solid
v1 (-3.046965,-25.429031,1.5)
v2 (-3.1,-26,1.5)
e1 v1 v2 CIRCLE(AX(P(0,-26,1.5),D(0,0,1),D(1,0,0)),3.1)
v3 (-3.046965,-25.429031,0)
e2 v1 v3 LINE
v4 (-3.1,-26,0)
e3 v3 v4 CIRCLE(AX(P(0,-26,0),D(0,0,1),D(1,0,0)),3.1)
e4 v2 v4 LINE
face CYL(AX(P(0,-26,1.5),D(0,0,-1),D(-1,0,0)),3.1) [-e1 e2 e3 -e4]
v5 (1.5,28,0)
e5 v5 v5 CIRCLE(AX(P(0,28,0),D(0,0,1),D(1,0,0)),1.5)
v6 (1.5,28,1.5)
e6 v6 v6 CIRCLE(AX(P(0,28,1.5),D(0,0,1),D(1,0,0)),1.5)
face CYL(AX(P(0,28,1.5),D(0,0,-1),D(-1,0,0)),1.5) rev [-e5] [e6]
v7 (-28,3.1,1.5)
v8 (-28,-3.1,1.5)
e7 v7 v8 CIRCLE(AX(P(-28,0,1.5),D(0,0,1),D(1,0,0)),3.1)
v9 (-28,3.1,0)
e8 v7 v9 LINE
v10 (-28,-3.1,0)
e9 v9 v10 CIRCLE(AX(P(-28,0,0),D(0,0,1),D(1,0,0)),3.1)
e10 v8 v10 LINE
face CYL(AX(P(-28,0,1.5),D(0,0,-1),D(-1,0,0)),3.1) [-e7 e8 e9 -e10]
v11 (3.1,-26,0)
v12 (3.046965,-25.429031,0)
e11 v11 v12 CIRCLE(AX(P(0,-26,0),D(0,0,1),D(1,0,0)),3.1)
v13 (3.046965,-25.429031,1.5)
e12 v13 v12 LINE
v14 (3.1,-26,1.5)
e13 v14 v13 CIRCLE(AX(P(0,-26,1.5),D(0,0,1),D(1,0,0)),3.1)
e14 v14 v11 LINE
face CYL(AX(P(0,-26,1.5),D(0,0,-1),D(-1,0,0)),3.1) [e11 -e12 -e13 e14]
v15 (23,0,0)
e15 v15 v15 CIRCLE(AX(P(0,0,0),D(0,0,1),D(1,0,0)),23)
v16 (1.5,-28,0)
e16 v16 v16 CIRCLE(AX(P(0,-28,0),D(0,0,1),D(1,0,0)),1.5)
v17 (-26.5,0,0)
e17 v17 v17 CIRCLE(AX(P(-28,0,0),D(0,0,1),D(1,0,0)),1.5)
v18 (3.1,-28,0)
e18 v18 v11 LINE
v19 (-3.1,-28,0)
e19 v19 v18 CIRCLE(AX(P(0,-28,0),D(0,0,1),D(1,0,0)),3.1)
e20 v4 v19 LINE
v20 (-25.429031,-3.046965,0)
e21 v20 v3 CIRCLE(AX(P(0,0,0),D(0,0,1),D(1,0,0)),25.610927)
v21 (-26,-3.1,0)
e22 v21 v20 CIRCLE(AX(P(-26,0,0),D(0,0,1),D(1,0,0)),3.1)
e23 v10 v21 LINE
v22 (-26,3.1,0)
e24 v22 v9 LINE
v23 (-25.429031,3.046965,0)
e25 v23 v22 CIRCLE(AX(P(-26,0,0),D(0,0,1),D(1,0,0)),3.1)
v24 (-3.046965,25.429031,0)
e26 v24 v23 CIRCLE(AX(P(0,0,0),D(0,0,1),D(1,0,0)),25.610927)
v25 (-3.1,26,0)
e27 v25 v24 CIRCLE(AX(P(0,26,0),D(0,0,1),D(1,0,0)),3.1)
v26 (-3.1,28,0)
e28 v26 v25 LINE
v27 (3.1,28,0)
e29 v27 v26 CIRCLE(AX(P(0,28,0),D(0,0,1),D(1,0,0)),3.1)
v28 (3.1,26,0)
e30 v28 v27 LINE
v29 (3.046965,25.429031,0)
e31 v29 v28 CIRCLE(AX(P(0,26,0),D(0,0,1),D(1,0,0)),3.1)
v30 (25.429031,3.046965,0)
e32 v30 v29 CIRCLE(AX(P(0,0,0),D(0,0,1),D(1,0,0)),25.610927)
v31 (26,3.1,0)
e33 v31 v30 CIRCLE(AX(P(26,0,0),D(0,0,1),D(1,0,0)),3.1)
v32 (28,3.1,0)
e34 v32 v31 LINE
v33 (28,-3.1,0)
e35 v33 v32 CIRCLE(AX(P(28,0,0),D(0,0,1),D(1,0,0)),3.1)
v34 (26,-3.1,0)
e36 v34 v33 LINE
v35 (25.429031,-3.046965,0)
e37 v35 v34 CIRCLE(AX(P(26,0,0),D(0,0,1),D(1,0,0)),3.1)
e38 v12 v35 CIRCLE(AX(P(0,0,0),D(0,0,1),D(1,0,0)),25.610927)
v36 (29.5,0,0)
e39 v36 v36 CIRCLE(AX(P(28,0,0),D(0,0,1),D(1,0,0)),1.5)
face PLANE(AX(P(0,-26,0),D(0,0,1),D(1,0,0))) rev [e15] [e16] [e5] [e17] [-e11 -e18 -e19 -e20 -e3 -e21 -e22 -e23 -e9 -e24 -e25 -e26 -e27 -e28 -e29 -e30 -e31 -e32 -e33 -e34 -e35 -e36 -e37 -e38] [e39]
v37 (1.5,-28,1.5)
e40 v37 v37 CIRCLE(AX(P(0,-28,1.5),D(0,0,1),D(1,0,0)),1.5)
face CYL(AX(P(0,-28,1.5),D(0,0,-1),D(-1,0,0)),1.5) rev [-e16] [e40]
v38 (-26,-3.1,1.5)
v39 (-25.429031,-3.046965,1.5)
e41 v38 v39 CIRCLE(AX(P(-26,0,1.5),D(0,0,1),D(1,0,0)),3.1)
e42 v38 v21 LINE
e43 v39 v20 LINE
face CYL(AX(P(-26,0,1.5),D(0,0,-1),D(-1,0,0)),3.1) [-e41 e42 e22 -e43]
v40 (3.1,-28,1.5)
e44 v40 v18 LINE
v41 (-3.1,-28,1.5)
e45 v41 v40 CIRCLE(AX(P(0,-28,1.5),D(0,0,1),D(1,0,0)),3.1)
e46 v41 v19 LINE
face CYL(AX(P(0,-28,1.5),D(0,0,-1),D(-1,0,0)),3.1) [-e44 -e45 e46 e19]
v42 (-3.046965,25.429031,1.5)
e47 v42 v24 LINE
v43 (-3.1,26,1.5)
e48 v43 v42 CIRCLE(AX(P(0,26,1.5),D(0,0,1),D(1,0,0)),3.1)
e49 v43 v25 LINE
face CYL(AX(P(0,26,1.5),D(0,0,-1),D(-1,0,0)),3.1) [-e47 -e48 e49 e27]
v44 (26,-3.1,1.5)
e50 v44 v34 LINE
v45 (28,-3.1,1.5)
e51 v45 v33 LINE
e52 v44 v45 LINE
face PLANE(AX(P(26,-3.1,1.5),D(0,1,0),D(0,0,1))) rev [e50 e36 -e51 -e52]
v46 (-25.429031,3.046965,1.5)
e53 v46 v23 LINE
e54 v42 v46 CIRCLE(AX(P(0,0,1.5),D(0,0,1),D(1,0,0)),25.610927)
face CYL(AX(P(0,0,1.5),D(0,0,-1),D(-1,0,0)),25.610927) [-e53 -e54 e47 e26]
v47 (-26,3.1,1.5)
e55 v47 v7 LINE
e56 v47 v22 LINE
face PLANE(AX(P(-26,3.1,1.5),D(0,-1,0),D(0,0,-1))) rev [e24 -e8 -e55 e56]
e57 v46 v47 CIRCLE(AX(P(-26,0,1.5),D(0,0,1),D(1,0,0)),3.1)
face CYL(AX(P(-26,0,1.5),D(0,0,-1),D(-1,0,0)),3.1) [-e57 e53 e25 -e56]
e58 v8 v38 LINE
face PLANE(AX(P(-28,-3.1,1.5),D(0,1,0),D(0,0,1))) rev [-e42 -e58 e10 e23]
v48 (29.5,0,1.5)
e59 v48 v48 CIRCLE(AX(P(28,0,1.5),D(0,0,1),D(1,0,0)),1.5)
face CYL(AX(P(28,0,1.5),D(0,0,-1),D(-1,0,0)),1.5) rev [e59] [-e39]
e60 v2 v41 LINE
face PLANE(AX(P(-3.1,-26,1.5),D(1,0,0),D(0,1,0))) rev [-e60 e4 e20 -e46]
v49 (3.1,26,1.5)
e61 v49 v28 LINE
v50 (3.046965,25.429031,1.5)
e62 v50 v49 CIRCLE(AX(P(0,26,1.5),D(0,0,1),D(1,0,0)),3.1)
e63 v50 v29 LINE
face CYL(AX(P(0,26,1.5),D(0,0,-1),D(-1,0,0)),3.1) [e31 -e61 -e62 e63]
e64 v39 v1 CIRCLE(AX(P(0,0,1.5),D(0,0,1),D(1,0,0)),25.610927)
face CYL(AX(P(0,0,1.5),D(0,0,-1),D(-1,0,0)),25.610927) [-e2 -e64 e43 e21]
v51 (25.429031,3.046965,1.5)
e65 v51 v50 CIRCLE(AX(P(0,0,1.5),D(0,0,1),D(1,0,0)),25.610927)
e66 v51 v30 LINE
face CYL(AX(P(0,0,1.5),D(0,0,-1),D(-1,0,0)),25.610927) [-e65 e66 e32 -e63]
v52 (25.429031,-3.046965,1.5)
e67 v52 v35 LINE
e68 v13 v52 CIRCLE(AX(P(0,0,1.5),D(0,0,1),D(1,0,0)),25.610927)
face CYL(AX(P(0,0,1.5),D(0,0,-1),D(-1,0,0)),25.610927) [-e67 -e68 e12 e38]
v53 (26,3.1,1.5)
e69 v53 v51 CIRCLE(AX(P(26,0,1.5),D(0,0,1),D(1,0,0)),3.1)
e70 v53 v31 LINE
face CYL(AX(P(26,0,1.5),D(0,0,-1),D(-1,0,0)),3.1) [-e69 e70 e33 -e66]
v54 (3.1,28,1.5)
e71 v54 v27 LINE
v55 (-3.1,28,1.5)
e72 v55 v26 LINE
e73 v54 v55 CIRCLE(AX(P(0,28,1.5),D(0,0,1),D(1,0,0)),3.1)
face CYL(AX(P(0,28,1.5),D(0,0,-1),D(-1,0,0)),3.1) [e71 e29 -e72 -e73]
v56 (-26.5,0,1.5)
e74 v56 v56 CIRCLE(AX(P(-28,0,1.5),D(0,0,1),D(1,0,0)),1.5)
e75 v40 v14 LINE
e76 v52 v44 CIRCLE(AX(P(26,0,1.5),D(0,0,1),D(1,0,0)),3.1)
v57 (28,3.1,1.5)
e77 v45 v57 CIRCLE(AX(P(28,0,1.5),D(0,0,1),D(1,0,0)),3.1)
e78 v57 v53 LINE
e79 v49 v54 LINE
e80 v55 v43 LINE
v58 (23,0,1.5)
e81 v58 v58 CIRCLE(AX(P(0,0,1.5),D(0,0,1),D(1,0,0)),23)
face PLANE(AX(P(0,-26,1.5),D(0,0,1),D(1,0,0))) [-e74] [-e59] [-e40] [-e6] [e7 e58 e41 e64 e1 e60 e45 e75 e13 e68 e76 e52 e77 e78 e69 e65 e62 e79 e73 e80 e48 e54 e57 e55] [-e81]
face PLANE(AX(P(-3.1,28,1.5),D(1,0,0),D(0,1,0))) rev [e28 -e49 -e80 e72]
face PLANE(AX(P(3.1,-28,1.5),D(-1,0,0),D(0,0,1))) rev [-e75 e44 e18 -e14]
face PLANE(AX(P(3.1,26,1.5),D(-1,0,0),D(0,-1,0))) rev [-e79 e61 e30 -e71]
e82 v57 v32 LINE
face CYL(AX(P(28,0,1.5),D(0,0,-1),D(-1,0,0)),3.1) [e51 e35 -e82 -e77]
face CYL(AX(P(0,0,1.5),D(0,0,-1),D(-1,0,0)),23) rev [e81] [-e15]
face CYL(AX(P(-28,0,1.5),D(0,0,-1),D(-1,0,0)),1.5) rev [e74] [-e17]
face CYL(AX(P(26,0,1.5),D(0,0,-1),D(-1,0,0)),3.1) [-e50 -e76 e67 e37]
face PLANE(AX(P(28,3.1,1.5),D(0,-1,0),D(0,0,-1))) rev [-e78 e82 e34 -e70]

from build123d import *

# Parameters (mm, degrees)
SKETCH2_R           = 23
SKETCH2_R_2         = 1.5
BOSS_EXTRUDE1_DEPTH = 1.5


with BuildPart() as part:
    # Sketch2 → Boss-Extrude1 (new body)
    with BuildSketch(Plane.XY):
        with BuildLine():
            Line((26, -3.1), (28, -3.1))
            ThreePointArc((28, -3.1), (31.1, 0), (28, 3.1))
            Line((28, 3.1), (26, 3.1))
            ThreePointArc((26, 3.1), (25.713286425, 3.086712705), (25.429030688, 3.046964726))
            ThreePointArc((25.429030688, 3.046964726), (18.109660347, 18.109660347), (3.046964726, 25.429030688))
            ThreePointArc((3.046964726, 25.429030688), (3.086712705, 25.713286425), (3.1, 26))
            Line((3.1, 26), (3.1, 28))
            ThreePointArc((3.1, 28), (0, 31.1), (-3.1, 28))
            Line((-3.1, 28), (-3.1, 26))
            ThreePointArc((-3.1, 26), (-3.086712705, 25.713286425), (-3.046964726, 25.429030688))
            ThreePointArc((-3.046964726, 25.429030688), (-18.109660347, 18.109660347), (-25.429030688, 3.046964726))
            ThreePointArc((-25.429030688, 3.046964726), (-25.713286425, 3.086712705), (-26, 3.1))
            Line((-26, 3.1), (-28, 3.1))
            ThreePointArc((-28, 3.1), (-31.1, 0), (-28, -3.1))
            Line((-28, -3.1), (-26, -3.1))
            ThreePointArc((-26, -3.1), (-25.713286425, -3.086712705), (-25.429030688, -3.046964726))
            ThreePointArc((-25.429030688, -3.046964726), (-18.109660347, -18.109660347), (-3.046964726, -25.429030688))
            ThreePointArc((-3.046964726, -25.429030688), (-3.086712705, -25.713286425), (-3.1, -26))
            Line((-3.1, -26), (-3.1, -28))
            ThreePointArc((-3.1, -28), (0, -31.1), (3.1, -28))
            Line((3.1, -28), (3.1, -26))
            ThreePointArc((3.1, -26), (3.086712705, -25.713286425), (3.046964726, -25.429030688))
            ThreePointArc((3.046964726, -25.429030688), (18.109660347, -18.109660347), (25.429030688, -3.046964726))
            ThreePointArc((25.429030688, -3.046964726), (25.713286425, -3.086712705), (26, -3.1))
        make_face()
        Circle(SKETCH2_R, mode=Mode.SUBTRACT)
        with Locations((-28, 0)):
            Circle(SKETCH2_R_2, mode=Mode.SUBTRACT)
        with Locations((0, 28)):
            Circle(SKETCH2_R_2, mode=Mode.SUBTRACT)
        with Locations((28, 0)):
            Circle(SKETCH2_R_2, mode=Mode.SUBTRACT)
        with Locations((0, -28)):
            Circle(SKETCH2_R_2, mode=Mode.SUBTRACT)
    extrude(amount=BOSS_EXTRUDE1_DEPTH)


solid = part.part
